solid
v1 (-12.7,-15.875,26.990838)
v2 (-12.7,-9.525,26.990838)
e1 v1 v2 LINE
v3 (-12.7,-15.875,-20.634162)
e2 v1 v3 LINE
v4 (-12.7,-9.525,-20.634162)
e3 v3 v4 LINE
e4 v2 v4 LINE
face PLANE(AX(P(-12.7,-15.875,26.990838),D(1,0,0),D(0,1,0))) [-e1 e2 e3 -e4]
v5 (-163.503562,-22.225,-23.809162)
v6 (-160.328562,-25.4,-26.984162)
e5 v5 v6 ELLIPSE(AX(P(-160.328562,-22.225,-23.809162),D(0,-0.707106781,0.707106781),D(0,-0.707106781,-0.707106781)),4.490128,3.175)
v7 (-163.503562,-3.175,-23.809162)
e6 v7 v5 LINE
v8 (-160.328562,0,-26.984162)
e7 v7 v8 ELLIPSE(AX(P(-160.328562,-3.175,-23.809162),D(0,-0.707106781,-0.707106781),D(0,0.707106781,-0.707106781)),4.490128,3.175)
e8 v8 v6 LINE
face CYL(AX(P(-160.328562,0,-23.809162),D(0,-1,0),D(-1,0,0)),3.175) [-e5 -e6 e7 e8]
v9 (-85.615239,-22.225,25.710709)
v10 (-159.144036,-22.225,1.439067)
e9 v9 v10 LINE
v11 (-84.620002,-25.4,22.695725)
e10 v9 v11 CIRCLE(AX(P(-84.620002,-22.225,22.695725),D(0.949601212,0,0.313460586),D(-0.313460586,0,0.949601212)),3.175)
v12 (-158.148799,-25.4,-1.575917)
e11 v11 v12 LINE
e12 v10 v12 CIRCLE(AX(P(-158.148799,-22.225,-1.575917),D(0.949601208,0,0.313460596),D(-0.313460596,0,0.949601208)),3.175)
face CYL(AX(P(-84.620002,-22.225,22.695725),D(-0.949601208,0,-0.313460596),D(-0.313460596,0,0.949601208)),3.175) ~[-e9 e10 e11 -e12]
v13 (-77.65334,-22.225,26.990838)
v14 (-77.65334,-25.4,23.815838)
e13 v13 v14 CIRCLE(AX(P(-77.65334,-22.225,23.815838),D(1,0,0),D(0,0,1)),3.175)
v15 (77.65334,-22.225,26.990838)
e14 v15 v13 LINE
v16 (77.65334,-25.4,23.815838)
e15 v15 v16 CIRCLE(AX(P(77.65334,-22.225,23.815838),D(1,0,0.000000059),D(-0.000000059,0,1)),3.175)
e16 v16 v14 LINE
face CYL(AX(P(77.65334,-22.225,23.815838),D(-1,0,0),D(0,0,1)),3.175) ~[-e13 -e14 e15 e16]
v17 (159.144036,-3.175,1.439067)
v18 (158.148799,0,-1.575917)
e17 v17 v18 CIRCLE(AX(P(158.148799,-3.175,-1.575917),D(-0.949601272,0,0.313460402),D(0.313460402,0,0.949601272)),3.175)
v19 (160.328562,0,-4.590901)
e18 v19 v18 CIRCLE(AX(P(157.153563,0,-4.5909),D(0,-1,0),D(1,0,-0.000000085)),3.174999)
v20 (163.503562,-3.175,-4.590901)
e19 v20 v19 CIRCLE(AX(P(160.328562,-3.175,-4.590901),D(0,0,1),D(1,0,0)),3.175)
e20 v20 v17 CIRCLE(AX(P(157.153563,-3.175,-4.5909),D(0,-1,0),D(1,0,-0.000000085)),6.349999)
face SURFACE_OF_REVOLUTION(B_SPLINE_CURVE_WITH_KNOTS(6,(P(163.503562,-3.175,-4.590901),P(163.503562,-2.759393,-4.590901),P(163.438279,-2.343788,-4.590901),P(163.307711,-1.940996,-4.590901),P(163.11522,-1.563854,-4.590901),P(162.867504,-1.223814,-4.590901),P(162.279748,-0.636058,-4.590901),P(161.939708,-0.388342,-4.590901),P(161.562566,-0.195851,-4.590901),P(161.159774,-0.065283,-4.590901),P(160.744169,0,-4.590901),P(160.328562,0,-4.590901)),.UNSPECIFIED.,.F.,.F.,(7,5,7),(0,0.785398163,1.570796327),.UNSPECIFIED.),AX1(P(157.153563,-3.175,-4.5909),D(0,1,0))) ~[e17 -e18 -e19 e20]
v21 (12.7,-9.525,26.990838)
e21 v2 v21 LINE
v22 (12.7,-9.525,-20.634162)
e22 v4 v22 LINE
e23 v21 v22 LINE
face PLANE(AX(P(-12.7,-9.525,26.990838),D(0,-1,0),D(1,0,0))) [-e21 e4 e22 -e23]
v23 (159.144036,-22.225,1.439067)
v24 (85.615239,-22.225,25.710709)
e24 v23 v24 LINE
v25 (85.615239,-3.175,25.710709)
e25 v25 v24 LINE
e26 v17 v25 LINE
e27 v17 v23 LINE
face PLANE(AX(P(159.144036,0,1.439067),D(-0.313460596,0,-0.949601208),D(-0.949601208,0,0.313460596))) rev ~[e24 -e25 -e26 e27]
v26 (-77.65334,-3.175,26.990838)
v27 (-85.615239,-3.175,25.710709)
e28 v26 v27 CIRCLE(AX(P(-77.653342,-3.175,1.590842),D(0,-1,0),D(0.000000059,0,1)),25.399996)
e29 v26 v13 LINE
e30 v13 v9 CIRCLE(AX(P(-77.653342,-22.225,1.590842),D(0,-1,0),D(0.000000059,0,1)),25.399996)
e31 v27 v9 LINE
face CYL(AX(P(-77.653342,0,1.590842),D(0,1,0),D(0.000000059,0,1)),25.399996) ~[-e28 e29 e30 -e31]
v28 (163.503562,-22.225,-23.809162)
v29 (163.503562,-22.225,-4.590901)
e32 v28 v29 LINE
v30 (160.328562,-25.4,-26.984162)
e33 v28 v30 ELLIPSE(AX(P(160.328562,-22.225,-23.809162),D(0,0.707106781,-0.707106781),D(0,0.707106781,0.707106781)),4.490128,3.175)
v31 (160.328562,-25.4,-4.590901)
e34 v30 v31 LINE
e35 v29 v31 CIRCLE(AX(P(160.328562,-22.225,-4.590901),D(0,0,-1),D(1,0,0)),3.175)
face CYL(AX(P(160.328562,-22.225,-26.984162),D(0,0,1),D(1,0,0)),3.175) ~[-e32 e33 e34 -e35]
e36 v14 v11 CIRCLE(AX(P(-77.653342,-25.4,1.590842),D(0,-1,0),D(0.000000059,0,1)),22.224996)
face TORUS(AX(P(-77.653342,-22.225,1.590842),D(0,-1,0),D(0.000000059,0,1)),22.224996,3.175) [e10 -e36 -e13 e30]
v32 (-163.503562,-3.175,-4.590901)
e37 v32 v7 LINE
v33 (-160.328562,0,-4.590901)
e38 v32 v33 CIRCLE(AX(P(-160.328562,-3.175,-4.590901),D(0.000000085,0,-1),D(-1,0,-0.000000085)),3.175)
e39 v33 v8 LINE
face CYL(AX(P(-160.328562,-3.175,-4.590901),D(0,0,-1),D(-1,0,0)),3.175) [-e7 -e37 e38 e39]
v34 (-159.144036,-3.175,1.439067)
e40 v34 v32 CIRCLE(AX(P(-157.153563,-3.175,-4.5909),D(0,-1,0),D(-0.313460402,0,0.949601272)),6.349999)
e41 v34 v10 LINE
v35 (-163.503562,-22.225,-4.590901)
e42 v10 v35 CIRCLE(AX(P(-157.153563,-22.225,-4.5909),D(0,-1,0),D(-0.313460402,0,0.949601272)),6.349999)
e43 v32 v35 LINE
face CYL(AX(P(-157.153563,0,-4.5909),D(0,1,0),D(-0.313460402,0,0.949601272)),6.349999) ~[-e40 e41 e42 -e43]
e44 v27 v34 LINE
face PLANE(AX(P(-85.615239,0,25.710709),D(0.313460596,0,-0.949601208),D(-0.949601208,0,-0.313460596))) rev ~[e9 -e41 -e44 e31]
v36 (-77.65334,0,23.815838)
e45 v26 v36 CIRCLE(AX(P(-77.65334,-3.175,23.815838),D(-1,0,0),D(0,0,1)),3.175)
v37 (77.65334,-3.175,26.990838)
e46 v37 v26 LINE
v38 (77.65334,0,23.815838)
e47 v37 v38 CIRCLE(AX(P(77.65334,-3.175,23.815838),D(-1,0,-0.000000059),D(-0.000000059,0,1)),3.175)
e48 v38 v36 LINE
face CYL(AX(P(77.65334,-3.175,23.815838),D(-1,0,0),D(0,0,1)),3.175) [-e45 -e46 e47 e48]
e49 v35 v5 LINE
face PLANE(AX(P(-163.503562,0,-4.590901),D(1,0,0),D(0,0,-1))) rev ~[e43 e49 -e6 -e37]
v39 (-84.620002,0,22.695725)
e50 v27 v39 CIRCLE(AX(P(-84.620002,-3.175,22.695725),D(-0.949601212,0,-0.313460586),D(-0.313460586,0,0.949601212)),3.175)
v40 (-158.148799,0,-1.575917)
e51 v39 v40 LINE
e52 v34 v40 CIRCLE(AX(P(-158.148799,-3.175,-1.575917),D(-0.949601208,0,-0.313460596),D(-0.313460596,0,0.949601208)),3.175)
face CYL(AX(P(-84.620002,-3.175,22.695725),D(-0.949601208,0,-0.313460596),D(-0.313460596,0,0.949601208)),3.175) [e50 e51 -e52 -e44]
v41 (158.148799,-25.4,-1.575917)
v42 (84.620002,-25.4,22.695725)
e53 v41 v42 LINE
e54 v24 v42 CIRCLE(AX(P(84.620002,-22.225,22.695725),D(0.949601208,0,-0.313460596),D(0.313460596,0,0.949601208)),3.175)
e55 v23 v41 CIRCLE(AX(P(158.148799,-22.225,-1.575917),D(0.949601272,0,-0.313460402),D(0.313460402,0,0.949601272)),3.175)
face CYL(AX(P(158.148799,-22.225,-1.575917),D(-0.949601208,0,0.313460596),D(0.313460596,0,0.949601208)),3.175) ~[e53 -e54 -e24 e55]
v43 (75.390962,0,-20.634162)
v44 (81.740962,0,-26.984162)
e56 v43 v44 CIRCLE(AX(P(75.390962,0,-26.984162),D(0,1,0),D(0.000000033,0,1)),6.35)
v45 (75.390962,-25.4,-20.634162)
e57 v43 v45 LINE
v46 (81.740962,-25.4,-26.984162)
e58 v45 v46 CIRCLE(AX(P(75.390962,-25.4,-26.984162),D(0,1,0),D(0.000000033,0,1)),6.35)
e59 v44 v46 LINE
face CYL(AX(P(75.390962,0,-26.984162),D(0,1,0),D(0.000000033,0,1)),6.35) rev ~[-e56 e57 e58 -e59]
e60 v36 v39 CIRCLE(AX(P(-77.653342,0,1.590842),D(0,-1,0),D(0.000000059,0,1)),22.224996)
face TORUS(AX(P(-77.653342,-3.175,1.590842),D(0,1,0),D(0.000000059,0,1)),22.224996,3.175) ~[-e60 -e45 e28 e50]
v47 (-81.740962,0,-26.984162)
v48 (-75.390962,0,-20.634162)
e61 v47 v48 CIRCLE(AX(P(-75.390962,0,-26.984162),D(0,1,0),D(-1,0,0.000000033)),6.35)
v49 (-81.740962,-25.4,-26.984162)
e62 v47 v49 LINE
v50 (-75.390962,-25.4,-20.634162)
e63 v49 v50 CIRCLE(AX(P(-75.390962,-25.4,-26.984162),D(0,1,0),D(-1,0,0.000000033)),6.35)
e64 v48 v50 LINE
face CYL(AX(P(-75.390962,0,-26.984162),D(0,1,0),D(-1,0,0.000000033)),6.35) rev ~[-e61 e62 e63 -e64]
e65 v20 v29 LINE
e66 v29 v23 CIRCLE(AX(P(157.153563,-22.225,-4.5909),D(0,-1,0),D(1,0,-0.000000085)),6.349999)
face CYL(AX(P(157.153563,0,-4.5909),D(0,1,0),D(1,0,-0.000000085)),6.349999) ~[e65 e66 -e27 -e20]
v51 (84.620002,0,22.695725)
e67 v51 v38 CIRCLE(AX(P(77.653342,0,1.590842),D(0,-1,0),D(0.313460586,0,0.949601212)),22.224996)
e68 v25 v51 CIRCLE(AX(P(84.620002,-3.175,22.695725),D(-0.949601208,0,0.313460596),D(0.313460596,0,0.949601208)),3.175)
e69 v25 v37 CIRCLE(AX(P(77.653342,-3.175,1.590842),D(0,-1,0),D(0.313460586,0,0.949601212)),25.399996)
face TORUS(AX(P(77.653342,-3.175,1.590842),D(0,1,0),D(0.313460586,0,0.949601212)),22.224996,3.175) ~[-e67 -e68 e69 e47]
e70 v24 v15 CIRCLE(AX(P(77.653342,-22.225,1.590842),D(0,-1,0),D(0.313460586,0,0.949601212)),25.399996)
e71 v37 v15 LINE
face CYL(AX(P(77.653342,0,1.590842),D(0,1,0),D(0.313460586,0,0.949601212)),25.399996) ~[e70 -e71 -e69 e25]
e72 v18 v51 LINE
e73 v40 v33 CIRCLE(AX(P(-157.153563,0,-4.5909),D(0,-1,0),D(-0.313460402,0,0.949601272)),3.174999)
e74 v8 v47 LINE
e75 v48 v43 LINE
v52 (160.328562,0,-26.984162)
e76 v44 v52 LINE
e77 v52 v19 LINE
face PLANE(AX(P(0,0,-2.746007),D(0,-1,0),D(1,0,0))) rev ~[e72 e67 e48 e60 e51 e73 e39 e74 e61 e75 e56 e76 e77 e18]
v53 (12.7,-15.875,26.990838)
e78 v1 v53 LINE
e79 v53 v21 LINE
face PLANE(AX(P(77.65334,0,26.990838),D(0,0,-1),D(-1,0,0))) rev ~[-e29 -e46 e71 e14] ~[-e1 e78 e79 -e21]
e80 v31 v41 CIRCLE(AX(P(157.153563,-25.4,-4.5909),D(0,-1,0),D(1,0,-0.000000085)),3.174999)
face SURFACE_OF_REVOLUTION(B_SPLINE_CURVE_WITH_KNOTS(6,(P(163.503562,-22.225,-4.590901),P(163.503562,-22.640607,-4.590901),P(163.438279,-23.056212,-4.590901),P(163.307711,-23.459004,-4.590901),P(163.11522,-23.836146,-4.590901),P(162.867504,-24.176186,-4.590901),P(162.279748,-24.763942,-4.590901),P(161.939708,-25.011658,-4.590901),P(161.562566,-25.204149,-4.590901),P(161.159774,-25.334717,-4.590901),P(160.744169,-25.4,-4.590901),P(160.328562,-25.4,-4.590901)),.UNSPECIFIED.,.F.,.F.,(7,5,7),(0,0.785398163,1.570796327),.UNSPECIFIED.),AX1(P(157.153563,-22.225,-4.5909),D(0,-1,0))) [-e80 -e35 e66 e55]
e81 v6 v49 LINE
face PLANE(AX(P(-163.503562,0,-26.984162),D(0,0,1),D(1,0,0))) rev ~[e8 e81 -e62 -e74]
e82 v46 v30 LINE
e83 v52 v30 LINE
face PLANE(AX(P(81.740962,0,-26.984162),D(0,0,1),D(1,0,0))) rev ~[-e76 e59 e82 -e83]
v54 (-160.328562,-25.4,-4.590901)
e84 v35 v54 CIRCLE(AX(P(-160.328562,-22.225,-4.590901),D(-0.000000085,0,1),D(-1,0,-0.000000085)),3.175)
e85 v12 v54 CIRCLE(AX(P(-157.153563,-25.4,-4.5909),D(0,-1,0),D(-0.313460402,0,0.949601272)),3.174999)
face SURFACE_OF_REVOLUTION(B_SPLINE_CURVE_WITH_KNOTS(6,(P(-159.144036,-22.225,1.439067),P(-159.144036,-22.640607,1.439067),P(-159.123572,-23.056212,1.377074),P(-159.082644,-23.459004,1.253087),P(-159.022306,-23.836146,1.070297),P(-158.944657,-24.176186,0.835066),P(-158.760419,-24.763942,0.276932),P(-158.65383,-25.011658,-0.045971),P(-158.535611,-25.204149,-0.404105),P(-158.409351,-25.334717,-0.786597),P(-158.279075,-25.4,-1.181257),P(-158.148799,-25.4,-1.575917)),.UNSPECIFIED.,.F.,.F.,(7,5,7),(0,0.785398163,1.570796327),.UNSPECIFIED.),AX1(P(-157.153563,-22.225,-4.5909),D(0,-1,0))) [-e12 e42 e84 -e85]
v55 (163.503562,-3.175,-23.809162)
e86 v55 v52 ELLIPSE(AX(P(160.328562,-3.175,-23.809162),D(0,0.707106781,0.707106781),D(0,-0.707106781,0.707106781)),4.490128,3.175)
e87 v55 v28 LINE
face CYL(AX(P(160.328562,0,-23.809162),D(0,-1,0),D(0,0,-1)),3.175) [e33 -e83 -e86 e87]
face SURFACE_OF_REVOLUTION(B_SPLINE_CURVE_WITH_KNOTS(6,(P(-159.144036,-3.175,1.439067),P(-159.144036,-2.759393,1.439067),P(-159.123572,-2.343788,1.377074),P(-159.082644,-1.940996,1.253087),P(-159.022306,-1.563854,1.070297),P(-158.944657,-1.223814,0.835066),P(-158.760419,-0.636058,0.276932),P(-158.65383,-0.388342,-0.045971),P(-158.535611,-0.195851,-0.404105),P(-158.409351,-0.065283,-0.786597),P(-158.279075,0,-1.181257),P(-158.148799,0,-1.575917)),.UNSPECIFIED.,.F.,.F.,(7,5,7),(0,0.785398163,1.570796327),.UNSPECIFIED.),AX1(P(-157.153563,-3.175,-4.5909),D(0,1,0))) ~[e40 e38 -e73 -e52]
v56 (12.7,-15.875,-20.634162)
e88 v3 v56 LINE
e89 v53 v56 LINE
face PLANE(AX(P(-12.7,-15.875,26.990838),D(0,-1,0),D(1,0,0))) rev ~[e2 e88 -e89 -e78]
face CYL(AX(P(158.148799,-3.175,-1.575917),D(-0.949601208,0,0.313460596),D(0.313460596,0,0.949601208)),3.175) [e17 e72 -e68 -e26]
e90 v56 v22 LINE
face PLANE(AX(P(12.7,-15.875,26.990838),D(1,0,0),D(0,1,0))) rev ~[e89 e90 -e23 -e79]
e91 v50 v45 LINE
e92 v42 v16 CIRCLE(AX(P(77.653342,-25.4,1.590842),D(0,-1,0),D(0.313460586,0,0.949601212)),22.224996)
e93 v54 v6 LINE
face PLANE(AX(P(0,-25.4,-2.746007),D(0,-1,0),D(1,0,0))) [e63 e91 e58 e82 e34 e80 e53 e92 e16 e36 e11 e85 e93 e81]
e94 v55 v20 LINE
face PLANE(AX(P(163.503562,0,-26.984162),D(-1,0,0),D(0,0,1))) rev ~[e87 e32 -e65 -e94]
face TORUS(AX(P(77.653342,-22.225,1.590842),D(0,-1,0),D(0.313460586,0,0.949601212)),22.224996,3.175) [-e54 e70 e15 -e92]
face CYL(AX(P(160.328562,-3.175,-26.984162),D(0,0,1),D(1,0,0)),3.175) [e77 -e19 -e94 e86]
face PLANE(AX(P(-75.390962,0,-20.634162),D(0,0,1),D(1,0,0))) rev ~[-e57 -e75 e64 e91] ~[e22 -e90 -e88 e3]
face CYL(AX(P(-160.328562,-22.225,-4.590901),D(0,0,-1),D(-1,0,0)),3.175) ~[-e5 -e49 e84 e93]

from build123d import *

# Parameters (mm, degrees)
F1_DEPTH = 25.4
F2_R     = 3.175
F3_W     = 25.4
F3_H     = 6.35
F4_DEPTH = 53.976


with BuildPart() as f1:
    # F0 (on Front) → F1 (new body)
    with BuildSketch(Plane.XZ):
        with BuildLine():
            Line((-85.615239, 25.710709), (-159.144036, 1.439067))
            ThreePointArc((-159.144036, 1.439067), (-162.299532, -0.870485), (-163.503562, -4.590901))
            Line((-163.503562, -4.590901), (-163.503562, -26.984162))
            Line((-163.503562, -26.984162), (-81.740962, -26.984162))
            ThreePointArc((-81.740962, -26.984162), (-79.88109, -22.494034), (-75.390962, -20.634162))
            Line((-75.390962, -20.634162), (0, -20.634162))
            Line((0, -20.634162), (75.390962, -20.634162))
            ThreePointArc((75.390962, -20.634162), (79.88109, -22.494034), (81.740962, -26.984162))
            Line((81.740962, -26.984162), (163.503562, -26.984162))
            Line((163.503562, -26.984162), (163.503562, -4.590901))
            ThreePointArc((163.503562, -4.590901), (162.299532, -0.870485), (159.144036, 1.439067))
            Line((159.144036, 1.439067), (85.615239, 25.710709))
            ThreePointArc((85.615239, 25.710709), (81.685416, 26.668764), (77.65334, 26.990838))
            Line((77.65334, 26.990838), (0, 26.990838))
            Line((0, 26.990838), (-77.65334, 26.990838))
            ThreePointArc((-77.65334, 26.990838), (-81.685416, 26.668764), (-85.615239, 25.710709))
        make_face()
    extrude(amount=F1_DEPTH)

    # F2
    f2_edges = [f1.edges().sort_by_distance(p)[0] for p in [
        (-163.503562, -25.4, -15.787532),
        (-162.299532, -25.4, -0.870485),
        (-122.379638, -25.4, 13.574888),
        (122.379638, 0, 13.574888),
        (-163.503562, -12.7, -26.984162),
        (163.503562, -12.7, -26.984162),
    ]]
    fillet(f2_edges, radius=F2_R)

    # F3 (on face) → F4 (cut, through all)
    with BuildSketch(Plane.XY.offset(26.990838)):
        with Locations((0, -12.7)):
            Rectangle(F3_W, F3_H)
    extrude(amount=-F4_DEPTH, mode=Mode.SUBTRACT)


solid = f1.part
